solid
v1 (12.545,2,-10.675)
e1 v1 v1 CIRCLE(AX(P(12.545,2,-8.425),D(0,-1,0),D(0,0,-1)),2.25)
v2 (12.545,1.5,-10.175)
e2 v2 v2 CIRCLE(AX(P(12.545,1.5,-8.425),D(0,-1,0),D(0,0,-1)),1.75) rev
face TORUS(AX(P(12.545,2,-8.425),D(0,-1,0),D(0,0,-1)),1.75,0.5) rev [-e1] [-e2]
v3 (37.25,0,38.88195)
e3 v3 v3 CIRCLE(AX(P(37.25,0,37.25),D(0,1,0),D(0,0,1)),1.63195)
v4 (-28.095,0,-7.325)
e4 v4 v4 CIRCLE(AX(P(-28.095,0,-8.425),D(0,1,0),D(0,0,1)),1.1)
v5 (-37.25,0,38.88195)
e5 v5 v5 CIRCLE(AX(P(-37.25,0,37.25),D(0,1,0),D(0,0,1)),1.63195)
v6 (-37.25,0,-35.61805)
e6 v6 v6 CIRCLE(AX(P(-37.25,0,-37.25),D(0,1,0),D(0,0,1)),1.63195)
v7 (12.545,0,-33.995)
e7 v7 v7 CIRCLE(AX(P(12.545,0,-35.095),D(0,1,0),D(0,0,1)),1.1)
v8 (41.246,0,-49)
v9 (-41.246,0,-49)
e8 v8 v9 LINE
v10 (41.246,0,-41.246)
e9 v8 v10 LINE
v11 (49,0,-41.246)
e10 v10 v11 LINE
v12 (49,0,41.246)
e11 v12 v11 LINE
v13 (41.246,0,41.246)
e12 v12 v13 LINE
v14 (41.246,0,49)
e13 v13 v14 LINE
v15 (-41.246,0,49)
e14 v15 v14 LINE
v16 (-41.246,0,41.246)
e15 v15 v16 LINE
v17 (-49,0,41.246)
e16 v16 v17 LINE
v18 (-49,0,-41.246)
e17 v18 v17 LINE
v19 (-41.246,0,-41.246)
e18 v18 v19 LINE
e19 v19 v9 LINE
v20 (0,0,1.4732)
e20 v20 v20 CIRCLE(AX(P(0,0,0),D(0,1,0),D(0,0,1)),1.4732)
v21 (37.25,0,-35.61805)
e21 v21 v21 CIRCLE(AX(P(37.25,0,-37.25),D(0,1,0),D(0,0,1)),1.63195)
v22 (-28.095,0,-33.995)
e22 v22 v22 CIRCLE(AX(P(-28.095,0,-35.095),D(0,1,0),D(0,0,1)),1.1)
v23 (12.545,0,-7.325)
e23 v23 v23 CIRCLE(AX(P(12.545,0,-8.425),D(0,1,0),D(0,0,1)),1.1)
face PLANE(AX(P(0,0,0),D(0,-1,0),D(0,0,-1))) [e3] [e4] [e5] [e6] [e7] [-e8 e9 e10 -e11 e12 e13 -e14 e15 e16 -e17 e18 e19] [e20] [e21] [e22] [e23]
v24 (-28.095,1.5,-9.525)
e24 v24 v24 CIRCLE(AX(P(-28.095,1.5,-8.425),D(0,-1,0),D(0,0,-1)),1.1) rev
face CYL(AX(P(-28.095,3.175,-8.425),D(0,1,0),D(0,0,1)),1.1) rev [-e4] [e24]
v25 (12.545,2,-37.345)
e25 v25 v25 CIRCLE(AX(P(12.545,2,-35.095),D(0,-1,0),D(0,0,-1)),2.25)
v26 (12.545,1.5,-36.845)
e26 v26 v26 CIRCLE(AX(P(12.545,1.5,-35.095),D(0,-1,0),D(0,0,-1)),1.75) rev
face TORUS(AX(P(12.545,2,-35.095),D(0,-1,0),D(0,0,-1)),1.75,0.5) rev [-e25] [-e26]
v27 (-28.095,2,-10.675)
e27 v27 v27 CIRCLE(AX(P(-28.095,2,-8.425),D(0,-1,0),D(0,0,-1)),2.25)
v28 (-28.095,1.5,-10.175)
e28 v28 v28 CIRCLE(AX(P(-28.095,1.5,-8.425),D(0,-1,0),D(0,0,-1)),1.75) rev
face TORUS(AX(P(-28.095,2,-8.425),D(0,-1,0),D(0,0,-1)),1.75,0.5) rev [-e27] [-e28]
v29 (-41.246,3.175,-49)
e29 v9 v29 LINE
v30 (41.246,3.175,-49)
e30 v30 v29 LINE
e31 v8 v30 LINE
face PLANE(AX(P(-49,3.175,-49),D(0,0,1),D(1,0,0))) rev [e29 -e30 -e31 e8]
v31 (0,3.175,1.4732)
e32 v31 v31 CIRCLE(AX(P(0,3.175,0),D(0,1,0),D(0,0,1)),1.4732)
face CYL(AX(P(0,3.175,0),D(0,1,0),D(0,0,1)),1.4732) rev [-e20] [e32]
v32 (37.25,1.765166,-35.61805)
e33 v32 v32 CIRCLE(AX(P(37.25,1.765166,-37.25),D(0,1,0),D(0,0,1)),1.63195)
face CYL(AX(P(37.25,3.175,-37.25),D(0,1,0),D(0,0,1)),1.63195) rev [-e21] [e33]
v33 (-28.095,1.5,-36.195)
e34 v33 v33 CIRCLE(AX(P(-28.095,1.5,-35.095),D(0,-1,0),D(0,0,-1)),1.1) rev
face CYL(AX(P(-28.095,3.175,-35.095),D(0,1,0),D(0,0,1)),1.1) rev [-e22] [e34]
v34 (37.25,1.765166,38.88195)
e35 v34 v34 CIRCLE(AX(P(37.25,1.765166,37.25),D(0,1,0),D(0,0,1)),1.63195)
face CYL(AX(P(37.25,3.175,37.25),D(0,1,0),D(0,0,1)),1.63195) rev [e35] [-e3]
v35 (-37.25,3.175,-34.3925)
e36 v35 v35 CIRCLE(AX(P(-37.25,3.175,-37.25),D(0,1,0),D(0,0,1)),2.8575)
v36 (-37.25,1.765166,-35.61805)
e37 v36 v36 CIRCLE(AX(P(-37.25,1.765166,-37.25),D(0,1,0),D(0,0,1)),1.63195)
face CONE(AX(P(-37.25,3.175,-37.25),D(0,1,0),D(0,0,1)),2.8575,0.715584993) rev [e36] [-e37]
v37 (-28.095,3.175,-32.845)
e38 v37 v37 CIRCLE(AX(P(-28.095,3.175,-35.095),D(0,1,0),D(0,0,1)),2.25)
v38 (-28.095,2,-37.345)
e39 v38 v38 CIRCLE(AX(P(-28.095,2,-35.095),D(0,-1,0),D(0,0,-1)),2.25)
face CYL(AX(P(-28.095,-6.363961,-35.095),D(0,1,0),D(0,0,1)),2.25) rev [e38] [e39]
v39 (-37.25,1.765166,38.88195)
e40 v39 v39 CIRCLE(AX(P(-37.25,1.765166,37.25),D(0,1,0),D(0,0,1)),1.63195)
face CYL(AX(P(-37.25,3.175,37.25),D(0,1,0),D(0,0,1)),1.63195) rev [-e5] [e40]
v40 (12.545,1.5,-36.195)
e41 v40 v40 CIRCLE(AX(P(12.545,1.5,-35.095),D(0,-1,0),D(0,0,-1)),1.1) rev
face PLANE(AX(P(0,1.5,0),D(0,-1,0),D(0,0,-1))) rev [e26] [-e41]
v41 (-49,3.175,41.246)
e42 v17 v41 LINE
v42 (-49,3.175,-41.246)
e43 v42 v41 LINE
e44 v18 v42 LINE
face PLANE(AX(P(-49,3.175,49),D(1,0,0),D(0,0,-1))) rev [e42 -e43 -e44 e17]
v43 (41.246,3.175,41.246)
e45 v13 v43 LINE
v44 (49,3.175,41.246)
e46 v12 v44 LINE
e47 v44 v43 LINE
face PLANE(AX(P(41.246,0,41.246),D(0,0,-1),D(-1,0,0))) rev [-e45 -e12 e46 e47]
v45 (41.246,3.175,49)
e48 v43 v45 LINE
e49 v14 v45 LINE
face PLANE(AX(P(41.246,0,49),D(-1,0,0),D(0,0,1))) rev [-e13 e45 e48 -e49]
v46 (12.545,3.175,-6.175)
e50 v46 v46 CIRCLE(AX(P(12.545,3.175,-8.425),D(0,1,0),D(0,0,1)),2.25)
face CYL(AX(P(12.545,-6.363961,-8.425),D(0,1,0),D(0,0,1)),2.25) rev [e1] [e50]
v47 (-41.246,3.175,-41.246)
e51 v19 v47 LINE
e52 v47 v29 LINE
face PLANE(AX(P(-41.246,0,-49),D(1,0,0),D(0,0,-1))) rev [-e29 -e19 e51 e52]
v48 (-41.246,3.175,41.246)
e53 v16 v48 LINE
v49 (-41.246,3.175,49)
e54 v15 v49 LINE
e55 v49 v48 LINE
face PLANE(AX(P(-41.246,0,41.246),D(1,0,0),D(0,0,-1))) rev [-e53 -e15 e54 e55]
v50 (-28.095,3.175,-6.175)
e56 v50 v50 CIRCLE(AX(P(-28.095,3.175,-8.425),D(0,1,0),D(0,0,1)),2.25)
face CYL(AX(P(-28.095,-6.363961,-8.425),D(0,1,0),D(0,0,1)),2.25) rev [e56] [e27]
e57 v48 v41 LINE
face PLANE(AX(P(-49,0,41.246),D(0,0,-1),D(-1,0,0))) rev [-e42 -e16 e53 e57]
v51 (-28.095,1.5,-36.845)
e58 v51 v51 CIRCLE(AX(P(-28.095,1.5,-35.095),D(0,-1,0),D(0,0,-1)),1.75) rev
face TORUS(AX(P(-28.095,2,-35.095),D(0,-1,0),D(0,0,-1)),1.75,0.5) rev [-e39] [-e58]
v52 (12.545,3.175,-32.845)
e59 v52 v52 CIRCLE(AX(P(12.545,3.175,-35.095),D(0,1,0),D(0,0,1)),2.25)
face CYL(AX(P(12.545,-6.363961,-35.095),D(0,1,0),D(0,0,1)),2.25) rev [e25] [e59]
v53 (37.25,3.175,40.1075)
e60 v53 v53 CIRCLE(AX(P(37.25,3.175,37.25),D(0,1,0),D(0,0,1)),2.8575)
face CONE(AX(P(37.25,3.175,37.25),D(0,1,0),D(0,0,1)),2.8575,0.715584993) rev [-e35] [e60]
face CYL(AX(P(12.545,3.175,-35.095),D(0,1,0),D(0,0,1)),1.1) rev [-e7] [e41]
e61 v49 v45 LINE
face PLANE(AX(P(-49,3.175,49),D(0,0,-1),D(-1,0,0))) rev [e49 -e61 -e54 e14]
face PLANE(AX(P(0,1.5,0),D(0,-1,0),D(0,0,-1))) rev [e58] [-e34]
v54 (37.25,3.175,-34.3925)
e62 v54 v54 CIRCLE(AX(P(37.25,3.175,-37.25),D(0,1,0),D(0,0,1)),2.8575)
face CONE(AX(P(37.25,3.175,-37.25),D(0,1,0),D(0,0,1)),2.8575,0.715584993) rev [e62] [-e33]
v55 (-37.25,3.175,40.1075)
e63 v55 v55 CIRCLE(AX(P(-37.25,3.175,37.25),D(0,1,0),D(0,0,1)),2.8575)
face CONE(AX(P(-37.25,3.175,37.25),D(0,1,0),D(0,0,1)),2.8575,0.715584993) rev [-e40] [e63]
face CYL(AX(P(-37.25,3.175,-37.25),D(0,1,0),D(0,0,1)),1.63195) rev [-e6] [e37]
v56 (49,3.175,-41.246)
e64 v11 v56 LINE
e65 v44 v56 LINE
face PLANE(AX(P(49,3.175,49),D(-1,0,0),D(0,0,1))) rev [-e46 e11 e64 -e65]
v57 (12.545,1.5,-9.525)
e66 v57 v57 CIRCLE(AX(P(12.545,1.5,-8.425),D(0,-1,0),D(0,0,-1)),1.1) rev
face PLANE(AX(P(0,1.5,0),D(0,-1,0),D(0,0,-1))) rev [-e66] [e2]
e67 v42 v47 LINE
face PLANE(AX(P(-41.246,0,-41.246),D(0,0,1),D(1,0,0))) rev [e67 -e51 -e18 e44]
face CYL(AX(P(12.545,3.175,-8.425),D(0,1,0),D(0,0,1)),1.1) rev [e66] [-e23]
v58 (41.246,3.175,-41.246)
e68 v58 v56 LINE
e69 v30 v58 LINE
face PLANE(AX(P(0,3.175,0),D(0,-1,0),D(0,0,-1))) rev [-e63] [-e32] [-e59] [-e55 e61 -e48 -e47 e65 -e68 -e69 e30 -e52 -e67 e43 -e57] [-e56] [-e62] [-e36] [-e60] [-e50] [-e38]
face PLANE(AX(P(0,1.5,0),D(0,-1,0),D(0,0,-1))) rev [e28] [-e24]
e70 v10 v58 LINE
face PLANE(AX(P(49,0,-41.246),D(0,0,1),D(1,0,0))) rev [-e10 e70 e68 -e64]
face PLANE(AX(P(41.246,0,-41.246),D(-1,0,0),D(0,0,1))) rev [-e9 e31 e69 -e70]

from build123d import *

# Parameters (mm, degrees)
SKETCH1_W                                     = 98
SKETCH1_H                                     = 98
BOSS_EXTRUDE1_DEPTH                           = 3.175
SKETCH2_W                                     = 7.5
SKETCH2_H                                     = 7.5
CUT_EXTRUDE1_DEPTH                            = 70.369161917
F_4_CLEARANCE_HOLE1_D                         = 2.9464
M2_CLEARANCE_HOLE1_D                          = 2.2
CSK_FOR_4_FLAT_HEAD_MACHINE_SCREW1_AT_2_COUNT = 2
CSK_FOR_4_FLAT_HEAD_MACHINE_SCREW1_AT_2_PITCH = 74.5
CSK_FOR_4_FLAT_HEAD_MACHINE_SCREW1_AT_3_COUNT = 2
CSK_FOR_4_FLAT_HEAD_MACHINE_SCREW1_AT_3_PITCH = 105.358910397
CSK_FOR_4_FLAT_HEAD_MACHINE_SCREW1_AT_4_COUNT = 2
CSK_FOR_4_FLAT_HEAD_MACHINE_SCREW1_AT_4_PITCH = 74.5
CUT_EXTRUDE2_DEPTH                            = 70.369161917
SKETCH12_R                                    = 2.25
CUT_EXTRUDE3_DEPTH                            = 1.675
FILLET1_R                                     = 0.5


with BuildPart() as part:
    # Sketch1 → Boss-Extrude1 (new body)
    with BuildSketch(Plane(origin=(0, 0, 0), x_dir=(1, 0, 0), z_dir=(0, 1, 0))):
        Rectangle(SKETCH1_W, SKETCH1_H)
    extrude(amount=BOSS_EXTRUDE1_DEPTH)

    # Sketch2 → Cut-Extrude1 (cut, through all)
    with BuildSketch(Plane(origin=(0, 3.175, 0), x_dir=(1, 0, 0), z_dir=(0, 1, 0))):
        with Locations((45.25, 45.25)):
            Rectangle(SKETCH2_W, SKETCH2_H)
        with Locations((-45.25, 45.25)):
            Rectangle(SKETCH2_W, SKETCH2_H)
        with Locations((45.25, -45.25)):
            Rectangle(SKETCH2_W, SKETCH2_H)
        with Locations((-45.25, -45.25)):
            Rectangle(SKETCH2_W, SKETCH2_H)
    extrude(amount=-CUT_EXTRUDE1_DEPTH, mode=Mode.SUBTRACT)

    # #4 Clearance Hole1 (through all)
    with Locations(Plane(origin=(0, 3.175, 0), x_dir=(1, 0, 0), z_dir=(0, 1, 0))):
        with Locations((0, 0)):
            Hole(F_4_CLEARANCE_HOLE1_D / 2)

    # M2 Clearance Hole1 (through all)
    with Locations(Plane(origin=(0, 3.175, 0), x_dir=(1, 0, 0), z_dir=(0, 1, 0))):
        with Locations((-28.095, 35.095), (12.545, 35.095), (12.545, 8.425), (-28.095, 8.425)):
            Hole(M2_CLEARANCE_HOLE1_D / 2)

    # Sketch9 → CSK for #4 Flat Head Machine Screw1 (revolve, cut)
    with BuildSketch(Plane(origin=(37.25, 3.175, 37.25), x_dir=(0, 0, 1), z_dir=(1, 0, 0))):
        Polygon((0, 0), (0, 3.175), (1.63195, 3.175), (1.63195, 1.409834001), (2.8575, 0), align=None)
    csk_for_4_flat_head_machine_screw1 = revolve(axis=Axis((37.25, 9.525, 37.25), (0, -1, 0)), mode=Mode.SUBTRACT)

    # CSK for #4 Flat Head Machine Screw1 at 2: CSK for #4 Flat Head Machine Screw1 ×2
    with Locations(*[(-i * CSK_FOR_4_FLAT_HEAD_MACHINE_SCREW1_AT_2_PITCH, 0, 0) for i in range(1, CSK_FOR_4_FLAT_HEAD_MACHINE_SCREW1_AT_2_COUNT)]):
        add(csk_for_4_flat_head_machine_screw1, mode=Mode.SUBTRACT)

    # CSK for #4 Flat Head Machine Screw1 at 3: CSK for #4 Flat Head Machine Screw1 ×2
    with Locations(*[Vector(-0.7071067811865502, 0, -0.7071067811865448) * (i * CSK_FOR_4_FLAT_HEAD_MACHINE_SCREW1_AT_3_PITCH) for i in range(1, CSK_FOR_4_FLAT_HEAD_MACHINE_SCREW1_AT_3_COUNT)]):
        add(csk_for_4_flat_head_machine_screw1, mode=Mode.SUBTRACT)

    # CSK for #4 Flat Head Machine Screw1 at 4: CSK for #4 Flat Head Machine Screw1 ×2
    with Locations(*[(0, 0, -i * CSK_FOR_4_FLAT_HEAD_MACHINE_SCREW1_AT_4_PITCH) for i in range(1, CSK_FOR_4_FLAT_HEAD_MACHINE_SCREW1_AT_4_COUNT)]):
        add(csk_for_4_flat_head_machine_screw1, mode=Mode.SUBTRACT)

    # Sketch11 → Cut-Extrude2 (cut, through all)
    with BuildSketch(Plane(origin=(0, 3.175, 0), x_dir=(1, 0, 0), z_dir=(0, 1, 0))):
        Polygon((-49, -41.246), (-41.246, -41.246), (-41.246, -49), (-41.5, -49), (-41.5, -41.5), (-49, -41.5), align=None)
        Polygon((41.246, -49), (41.246, -41.246), (49, -41.246), (49, -41.5), (41.5, -41.5), (41.5, -49), align=None)
        Polygon((49, 41.246), (41.246, 41.246), (41.246, 49), (41.5, 49), (41.5, 41.5), (49, 41.5), align=None)
        Polygon((-41.246, 49), (-41.246, 41.246), (-49, 41.246), (-49, 41.5), (-41.5, 41.5), (-41.5, 49), align=None)
    extrude(amount=-CUT_EXTRUDE2_DEPTH, mode=Mode.SUBTRACT)

    # Sketch12 → Cut-Extrude3 (cut)
    with BuildSketch(Plane(origin=(0, 3.175, 0), x_dir=(1, 0, 0), z_dir=(0, 1, 0))):
        with Locations(Location((-28.095, 35.095, 0), (0, 0, 270))):
            Circle(SKETCH12_R)
        with Locations(Location((12.545, 35.095, 0), (0, 0, 270))):
            Circle(SKETCH12_R)
        with Locations(Location((12.545, 8.425, 0), (0, 0, 270))):
            Circle(SKETCH12_R)
        with Locations(Location((-28.095, 8.425, 0), (0, 0, 270))):
            Circle(SKETCH12_R)
    extrude(amount=-CUT_EXTRUDE3_DEPTH, mode=Mode.SUBTRACT)

    # Fillet1
    fillet1_edges = [part.edges().sort_by_distance(p)[0] for p in [
        (-28.095, 1.5, -37.345),
        (12.545, 1.5, -37.345),
        (12.545, 1.5, -10.675),
        (-28.095, 1.5, -10.675),
    ]]
    fillet(fillet1_edges, radius=FILLET1_R)


solid = part.part
